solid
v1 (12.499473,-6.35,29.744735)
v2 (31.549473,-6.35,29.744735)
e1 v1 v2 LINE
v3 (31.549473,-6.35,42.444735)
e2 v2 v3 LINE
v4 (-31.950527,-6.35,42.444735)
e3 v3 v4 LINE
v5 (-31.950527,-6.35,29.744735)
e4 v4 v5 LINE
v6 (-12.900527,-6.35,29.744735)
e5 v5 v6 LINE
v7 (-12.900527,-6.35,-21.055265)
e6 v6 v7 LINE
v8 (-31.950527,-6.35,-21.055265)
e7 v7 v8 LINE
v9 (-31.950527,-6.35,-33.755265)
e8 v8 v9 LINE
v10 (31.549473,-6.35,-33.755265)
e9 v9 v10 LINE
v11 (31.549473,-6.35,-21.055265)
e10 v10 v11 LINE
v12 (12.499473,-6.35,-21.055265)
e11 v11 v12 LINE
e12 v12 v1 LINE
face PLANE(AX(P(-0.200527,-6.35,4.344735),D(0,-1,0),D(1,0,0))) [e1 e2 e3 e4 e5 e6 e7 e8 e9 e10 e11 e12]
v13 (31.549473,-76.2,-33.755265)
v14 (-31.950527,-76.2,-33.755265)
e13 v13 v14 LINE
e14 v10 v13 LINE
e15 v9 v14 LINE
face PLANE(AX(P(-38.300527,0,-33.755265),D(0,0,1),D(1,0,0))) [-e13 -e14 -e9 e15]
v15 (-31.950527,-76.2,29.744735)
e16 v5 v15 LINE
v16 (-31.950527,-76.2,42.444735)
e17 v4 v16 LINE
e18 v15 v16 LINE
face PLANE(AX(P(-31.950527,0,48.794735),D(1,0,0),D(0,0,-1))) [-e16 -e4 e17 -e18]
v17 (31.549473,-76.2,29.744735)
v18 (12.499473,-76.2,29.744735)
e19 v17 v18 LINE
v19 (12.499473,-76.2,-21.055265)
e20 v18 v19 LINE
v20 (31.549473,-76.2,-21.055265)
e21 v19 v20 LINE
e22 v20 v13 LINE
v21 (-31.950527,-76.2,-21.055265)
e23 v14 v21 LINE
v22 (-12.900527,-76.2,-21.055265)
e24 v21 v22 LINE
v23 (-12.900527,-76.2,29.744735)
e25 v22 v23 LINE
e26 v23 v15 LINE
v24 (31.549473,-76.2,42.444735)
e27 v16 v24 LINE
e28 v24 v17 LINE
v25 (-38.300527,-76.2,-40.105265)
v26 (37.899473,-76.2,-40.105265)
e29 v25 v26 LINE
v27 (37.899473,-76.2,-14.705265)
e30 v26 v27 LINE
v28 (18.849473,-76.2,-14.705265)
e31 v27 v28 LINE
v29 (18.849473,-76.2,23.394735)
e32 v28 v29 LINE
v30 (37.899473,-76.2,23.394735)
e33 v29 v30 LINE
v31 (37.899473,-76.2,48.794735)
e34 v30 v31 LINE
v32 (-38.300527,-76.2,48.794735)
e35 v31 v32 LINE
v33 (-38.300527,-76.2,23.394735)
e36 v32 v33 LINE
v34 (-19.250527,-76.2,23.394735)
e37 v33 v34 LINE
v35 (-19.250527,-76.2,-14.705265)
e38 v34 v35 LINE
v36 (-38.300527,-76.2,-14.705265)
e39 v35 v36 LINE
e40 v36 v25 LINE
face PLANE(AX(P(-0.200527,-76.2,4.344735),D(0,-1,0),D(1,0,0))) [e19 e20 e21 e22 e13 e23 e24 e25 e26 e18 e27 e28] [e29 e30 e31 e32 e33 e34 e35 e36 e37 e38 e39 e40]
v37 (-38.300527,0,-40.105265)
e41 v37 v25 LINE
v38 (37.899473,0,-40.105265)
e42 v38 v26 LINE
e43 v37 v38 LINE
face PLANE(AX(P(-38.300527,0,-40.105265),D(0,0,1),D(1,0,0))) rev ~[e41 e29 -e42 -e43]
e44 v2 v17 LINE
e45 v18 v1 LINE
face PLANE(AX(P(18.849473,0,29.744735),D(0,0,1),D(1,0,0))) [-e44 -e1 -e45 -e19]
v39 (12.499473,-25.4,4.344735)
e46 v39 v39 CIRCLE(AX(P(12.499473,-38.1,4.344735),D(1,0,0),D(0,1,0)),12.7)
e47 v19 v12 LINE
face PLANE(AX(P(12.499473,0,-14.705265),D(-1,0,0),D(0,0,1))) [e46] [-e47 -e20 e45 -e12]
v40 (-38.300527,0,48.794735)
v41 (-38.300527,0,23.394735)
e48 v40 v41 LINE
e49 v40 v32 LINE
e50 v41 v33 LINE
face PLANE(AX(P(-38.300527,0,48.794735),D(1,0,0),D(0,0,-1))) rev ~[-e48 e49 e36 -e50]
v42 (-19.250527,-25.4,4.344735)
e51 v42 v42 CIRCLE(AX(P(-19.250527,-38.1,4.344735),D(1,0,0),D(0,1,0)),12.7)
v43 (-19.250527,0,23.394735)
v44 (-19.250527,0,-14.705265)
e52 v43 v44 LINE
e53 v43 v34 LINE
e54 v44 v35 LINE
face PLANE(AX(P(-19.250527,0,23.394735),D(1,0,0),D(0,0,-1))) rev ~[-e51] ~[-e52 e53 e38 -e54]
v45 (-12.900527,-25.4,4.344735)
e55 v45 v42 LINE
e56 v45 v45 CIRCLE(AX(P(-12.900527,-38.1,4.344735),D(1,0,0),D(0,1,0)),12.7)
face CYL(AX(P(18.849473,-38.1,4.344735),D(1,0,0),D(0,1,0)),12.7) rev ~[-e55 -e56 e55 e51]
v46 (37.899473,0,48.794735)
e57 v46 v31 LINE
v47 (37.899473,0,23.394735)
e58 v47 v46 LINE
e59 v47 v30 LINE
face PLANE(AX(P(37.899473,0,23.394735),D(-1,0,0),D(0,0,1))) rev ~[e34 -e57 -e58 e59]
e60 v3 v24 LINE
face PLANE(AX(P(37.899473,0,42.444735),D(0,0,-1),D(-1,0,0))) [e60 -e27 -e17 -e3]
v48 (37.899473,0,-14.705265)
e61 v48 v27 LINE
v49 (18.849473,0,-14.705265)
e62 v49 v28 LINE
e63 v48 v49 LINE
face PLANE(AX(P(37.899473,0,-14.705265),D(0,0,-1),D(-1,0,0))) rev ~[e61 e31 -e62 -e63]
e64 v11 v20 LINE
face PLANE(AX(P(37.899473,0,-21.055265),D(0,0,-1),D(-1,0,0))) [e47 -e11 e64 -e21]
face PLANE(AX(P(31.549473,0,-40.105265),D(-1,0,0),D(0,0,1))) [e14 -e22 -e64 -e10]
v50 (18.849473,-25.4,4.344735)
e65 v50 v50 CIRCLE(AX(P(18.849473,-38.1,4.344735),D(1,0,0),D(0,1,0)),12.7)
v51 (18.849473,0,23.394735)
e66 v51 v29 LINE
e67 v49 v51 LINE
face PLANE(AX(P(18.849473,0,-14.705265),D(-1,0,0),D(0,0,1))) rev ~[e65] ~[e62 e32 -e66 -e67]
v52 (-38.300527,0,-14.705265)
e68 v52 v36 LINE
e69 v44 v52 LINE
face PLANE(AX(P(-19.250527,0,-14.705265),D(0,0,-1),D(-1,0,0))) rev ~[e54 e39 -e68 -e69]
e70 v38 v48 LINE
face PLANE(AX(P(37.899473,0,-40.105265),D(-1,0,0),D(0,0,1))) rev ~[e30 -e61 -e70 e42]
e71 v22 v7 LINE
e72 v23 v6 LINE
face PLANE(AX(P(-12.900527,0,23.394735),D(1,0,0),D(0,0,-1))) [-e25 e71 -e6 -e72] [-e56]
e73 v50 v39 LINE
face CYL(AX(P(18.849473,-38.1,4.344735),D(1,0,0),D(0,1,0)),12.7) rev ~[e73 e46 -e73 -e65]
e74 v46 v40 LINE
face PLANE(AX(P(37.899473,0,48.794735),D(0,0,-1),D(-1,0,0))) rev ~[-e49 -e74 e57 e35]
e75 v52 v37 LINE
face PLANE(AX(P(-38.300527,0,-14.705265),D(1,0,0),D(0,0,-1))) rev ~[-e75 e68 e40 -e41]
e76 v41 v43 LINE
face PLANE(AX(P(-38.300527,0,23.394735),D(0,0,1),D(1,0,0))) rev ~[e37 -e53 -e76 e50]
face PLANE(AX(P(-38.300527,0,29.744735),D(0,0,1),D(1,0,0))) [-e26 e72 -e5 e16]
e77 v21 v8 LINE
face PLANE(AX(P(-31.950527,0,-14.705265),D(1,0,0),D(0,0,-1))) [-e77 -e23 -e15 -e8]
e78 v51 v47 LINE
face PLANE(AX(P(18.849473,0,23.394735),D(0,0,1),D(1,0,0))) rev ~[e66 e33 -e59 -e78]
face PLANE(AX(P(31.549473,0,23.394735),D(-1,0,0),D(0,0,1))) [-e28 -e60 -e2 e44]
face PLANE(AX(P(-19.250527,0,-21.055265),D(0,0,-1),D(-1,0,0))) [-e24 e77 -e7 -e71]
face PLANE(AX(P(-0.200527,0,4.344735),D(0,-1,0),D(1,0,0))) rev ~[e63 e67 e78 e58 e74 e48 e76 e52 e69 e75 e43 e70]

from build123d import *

# Parameters (mm, degrees)
F1_DEPTH = 76.2
F2_T     = -6.35
F3_R     = 12.7
F4_DEPTH = 57.151


with BuildPart() as f1:
    # F0 (on Front) → F1 (new body)
    with BuildSketch(Plane.XZ):
        Polygon((-38.3005267888, -14.7052646339), (-38.3005267888, -40.1052646339), (37.8994732112, -40.1052646339), (37.8994732112, -14.7052646339), (18.8494732112, -14.7052646339), (18.8494732112, 23.3947353661), (37.8994732112, 23.3947353661), (37.8994732112, 48.7947353661), (-38.3005267888, 48.7947353661), (-38.3005267888, 23.3947353661), (-19.2505267888, 23.3947353661), (-19.2505267888, -14.7052646339), align=None)
    extrude(amount=F1_DEPTH)

    # F2
    f2_openings = [f1.faces().sort_by_distance(p)[0] for p in [
        (-0.200527, -76.2, 4.344735),
    ]]
    offset(amount=F2_T, openings=f2_openings, kind=Kind.INTERSECTION)

    # F3 (on face) → F4 (cut, through all)
    with BuildSketch(Plane.YZ.offset(18.8494732112)):
        with Locations((-38.1, 4.3447353661)):
            Circle(F3_R)
    extrude(amount=-F4_DEPTH, mode=Mode.SUBTRACT)


solid = f1.part
